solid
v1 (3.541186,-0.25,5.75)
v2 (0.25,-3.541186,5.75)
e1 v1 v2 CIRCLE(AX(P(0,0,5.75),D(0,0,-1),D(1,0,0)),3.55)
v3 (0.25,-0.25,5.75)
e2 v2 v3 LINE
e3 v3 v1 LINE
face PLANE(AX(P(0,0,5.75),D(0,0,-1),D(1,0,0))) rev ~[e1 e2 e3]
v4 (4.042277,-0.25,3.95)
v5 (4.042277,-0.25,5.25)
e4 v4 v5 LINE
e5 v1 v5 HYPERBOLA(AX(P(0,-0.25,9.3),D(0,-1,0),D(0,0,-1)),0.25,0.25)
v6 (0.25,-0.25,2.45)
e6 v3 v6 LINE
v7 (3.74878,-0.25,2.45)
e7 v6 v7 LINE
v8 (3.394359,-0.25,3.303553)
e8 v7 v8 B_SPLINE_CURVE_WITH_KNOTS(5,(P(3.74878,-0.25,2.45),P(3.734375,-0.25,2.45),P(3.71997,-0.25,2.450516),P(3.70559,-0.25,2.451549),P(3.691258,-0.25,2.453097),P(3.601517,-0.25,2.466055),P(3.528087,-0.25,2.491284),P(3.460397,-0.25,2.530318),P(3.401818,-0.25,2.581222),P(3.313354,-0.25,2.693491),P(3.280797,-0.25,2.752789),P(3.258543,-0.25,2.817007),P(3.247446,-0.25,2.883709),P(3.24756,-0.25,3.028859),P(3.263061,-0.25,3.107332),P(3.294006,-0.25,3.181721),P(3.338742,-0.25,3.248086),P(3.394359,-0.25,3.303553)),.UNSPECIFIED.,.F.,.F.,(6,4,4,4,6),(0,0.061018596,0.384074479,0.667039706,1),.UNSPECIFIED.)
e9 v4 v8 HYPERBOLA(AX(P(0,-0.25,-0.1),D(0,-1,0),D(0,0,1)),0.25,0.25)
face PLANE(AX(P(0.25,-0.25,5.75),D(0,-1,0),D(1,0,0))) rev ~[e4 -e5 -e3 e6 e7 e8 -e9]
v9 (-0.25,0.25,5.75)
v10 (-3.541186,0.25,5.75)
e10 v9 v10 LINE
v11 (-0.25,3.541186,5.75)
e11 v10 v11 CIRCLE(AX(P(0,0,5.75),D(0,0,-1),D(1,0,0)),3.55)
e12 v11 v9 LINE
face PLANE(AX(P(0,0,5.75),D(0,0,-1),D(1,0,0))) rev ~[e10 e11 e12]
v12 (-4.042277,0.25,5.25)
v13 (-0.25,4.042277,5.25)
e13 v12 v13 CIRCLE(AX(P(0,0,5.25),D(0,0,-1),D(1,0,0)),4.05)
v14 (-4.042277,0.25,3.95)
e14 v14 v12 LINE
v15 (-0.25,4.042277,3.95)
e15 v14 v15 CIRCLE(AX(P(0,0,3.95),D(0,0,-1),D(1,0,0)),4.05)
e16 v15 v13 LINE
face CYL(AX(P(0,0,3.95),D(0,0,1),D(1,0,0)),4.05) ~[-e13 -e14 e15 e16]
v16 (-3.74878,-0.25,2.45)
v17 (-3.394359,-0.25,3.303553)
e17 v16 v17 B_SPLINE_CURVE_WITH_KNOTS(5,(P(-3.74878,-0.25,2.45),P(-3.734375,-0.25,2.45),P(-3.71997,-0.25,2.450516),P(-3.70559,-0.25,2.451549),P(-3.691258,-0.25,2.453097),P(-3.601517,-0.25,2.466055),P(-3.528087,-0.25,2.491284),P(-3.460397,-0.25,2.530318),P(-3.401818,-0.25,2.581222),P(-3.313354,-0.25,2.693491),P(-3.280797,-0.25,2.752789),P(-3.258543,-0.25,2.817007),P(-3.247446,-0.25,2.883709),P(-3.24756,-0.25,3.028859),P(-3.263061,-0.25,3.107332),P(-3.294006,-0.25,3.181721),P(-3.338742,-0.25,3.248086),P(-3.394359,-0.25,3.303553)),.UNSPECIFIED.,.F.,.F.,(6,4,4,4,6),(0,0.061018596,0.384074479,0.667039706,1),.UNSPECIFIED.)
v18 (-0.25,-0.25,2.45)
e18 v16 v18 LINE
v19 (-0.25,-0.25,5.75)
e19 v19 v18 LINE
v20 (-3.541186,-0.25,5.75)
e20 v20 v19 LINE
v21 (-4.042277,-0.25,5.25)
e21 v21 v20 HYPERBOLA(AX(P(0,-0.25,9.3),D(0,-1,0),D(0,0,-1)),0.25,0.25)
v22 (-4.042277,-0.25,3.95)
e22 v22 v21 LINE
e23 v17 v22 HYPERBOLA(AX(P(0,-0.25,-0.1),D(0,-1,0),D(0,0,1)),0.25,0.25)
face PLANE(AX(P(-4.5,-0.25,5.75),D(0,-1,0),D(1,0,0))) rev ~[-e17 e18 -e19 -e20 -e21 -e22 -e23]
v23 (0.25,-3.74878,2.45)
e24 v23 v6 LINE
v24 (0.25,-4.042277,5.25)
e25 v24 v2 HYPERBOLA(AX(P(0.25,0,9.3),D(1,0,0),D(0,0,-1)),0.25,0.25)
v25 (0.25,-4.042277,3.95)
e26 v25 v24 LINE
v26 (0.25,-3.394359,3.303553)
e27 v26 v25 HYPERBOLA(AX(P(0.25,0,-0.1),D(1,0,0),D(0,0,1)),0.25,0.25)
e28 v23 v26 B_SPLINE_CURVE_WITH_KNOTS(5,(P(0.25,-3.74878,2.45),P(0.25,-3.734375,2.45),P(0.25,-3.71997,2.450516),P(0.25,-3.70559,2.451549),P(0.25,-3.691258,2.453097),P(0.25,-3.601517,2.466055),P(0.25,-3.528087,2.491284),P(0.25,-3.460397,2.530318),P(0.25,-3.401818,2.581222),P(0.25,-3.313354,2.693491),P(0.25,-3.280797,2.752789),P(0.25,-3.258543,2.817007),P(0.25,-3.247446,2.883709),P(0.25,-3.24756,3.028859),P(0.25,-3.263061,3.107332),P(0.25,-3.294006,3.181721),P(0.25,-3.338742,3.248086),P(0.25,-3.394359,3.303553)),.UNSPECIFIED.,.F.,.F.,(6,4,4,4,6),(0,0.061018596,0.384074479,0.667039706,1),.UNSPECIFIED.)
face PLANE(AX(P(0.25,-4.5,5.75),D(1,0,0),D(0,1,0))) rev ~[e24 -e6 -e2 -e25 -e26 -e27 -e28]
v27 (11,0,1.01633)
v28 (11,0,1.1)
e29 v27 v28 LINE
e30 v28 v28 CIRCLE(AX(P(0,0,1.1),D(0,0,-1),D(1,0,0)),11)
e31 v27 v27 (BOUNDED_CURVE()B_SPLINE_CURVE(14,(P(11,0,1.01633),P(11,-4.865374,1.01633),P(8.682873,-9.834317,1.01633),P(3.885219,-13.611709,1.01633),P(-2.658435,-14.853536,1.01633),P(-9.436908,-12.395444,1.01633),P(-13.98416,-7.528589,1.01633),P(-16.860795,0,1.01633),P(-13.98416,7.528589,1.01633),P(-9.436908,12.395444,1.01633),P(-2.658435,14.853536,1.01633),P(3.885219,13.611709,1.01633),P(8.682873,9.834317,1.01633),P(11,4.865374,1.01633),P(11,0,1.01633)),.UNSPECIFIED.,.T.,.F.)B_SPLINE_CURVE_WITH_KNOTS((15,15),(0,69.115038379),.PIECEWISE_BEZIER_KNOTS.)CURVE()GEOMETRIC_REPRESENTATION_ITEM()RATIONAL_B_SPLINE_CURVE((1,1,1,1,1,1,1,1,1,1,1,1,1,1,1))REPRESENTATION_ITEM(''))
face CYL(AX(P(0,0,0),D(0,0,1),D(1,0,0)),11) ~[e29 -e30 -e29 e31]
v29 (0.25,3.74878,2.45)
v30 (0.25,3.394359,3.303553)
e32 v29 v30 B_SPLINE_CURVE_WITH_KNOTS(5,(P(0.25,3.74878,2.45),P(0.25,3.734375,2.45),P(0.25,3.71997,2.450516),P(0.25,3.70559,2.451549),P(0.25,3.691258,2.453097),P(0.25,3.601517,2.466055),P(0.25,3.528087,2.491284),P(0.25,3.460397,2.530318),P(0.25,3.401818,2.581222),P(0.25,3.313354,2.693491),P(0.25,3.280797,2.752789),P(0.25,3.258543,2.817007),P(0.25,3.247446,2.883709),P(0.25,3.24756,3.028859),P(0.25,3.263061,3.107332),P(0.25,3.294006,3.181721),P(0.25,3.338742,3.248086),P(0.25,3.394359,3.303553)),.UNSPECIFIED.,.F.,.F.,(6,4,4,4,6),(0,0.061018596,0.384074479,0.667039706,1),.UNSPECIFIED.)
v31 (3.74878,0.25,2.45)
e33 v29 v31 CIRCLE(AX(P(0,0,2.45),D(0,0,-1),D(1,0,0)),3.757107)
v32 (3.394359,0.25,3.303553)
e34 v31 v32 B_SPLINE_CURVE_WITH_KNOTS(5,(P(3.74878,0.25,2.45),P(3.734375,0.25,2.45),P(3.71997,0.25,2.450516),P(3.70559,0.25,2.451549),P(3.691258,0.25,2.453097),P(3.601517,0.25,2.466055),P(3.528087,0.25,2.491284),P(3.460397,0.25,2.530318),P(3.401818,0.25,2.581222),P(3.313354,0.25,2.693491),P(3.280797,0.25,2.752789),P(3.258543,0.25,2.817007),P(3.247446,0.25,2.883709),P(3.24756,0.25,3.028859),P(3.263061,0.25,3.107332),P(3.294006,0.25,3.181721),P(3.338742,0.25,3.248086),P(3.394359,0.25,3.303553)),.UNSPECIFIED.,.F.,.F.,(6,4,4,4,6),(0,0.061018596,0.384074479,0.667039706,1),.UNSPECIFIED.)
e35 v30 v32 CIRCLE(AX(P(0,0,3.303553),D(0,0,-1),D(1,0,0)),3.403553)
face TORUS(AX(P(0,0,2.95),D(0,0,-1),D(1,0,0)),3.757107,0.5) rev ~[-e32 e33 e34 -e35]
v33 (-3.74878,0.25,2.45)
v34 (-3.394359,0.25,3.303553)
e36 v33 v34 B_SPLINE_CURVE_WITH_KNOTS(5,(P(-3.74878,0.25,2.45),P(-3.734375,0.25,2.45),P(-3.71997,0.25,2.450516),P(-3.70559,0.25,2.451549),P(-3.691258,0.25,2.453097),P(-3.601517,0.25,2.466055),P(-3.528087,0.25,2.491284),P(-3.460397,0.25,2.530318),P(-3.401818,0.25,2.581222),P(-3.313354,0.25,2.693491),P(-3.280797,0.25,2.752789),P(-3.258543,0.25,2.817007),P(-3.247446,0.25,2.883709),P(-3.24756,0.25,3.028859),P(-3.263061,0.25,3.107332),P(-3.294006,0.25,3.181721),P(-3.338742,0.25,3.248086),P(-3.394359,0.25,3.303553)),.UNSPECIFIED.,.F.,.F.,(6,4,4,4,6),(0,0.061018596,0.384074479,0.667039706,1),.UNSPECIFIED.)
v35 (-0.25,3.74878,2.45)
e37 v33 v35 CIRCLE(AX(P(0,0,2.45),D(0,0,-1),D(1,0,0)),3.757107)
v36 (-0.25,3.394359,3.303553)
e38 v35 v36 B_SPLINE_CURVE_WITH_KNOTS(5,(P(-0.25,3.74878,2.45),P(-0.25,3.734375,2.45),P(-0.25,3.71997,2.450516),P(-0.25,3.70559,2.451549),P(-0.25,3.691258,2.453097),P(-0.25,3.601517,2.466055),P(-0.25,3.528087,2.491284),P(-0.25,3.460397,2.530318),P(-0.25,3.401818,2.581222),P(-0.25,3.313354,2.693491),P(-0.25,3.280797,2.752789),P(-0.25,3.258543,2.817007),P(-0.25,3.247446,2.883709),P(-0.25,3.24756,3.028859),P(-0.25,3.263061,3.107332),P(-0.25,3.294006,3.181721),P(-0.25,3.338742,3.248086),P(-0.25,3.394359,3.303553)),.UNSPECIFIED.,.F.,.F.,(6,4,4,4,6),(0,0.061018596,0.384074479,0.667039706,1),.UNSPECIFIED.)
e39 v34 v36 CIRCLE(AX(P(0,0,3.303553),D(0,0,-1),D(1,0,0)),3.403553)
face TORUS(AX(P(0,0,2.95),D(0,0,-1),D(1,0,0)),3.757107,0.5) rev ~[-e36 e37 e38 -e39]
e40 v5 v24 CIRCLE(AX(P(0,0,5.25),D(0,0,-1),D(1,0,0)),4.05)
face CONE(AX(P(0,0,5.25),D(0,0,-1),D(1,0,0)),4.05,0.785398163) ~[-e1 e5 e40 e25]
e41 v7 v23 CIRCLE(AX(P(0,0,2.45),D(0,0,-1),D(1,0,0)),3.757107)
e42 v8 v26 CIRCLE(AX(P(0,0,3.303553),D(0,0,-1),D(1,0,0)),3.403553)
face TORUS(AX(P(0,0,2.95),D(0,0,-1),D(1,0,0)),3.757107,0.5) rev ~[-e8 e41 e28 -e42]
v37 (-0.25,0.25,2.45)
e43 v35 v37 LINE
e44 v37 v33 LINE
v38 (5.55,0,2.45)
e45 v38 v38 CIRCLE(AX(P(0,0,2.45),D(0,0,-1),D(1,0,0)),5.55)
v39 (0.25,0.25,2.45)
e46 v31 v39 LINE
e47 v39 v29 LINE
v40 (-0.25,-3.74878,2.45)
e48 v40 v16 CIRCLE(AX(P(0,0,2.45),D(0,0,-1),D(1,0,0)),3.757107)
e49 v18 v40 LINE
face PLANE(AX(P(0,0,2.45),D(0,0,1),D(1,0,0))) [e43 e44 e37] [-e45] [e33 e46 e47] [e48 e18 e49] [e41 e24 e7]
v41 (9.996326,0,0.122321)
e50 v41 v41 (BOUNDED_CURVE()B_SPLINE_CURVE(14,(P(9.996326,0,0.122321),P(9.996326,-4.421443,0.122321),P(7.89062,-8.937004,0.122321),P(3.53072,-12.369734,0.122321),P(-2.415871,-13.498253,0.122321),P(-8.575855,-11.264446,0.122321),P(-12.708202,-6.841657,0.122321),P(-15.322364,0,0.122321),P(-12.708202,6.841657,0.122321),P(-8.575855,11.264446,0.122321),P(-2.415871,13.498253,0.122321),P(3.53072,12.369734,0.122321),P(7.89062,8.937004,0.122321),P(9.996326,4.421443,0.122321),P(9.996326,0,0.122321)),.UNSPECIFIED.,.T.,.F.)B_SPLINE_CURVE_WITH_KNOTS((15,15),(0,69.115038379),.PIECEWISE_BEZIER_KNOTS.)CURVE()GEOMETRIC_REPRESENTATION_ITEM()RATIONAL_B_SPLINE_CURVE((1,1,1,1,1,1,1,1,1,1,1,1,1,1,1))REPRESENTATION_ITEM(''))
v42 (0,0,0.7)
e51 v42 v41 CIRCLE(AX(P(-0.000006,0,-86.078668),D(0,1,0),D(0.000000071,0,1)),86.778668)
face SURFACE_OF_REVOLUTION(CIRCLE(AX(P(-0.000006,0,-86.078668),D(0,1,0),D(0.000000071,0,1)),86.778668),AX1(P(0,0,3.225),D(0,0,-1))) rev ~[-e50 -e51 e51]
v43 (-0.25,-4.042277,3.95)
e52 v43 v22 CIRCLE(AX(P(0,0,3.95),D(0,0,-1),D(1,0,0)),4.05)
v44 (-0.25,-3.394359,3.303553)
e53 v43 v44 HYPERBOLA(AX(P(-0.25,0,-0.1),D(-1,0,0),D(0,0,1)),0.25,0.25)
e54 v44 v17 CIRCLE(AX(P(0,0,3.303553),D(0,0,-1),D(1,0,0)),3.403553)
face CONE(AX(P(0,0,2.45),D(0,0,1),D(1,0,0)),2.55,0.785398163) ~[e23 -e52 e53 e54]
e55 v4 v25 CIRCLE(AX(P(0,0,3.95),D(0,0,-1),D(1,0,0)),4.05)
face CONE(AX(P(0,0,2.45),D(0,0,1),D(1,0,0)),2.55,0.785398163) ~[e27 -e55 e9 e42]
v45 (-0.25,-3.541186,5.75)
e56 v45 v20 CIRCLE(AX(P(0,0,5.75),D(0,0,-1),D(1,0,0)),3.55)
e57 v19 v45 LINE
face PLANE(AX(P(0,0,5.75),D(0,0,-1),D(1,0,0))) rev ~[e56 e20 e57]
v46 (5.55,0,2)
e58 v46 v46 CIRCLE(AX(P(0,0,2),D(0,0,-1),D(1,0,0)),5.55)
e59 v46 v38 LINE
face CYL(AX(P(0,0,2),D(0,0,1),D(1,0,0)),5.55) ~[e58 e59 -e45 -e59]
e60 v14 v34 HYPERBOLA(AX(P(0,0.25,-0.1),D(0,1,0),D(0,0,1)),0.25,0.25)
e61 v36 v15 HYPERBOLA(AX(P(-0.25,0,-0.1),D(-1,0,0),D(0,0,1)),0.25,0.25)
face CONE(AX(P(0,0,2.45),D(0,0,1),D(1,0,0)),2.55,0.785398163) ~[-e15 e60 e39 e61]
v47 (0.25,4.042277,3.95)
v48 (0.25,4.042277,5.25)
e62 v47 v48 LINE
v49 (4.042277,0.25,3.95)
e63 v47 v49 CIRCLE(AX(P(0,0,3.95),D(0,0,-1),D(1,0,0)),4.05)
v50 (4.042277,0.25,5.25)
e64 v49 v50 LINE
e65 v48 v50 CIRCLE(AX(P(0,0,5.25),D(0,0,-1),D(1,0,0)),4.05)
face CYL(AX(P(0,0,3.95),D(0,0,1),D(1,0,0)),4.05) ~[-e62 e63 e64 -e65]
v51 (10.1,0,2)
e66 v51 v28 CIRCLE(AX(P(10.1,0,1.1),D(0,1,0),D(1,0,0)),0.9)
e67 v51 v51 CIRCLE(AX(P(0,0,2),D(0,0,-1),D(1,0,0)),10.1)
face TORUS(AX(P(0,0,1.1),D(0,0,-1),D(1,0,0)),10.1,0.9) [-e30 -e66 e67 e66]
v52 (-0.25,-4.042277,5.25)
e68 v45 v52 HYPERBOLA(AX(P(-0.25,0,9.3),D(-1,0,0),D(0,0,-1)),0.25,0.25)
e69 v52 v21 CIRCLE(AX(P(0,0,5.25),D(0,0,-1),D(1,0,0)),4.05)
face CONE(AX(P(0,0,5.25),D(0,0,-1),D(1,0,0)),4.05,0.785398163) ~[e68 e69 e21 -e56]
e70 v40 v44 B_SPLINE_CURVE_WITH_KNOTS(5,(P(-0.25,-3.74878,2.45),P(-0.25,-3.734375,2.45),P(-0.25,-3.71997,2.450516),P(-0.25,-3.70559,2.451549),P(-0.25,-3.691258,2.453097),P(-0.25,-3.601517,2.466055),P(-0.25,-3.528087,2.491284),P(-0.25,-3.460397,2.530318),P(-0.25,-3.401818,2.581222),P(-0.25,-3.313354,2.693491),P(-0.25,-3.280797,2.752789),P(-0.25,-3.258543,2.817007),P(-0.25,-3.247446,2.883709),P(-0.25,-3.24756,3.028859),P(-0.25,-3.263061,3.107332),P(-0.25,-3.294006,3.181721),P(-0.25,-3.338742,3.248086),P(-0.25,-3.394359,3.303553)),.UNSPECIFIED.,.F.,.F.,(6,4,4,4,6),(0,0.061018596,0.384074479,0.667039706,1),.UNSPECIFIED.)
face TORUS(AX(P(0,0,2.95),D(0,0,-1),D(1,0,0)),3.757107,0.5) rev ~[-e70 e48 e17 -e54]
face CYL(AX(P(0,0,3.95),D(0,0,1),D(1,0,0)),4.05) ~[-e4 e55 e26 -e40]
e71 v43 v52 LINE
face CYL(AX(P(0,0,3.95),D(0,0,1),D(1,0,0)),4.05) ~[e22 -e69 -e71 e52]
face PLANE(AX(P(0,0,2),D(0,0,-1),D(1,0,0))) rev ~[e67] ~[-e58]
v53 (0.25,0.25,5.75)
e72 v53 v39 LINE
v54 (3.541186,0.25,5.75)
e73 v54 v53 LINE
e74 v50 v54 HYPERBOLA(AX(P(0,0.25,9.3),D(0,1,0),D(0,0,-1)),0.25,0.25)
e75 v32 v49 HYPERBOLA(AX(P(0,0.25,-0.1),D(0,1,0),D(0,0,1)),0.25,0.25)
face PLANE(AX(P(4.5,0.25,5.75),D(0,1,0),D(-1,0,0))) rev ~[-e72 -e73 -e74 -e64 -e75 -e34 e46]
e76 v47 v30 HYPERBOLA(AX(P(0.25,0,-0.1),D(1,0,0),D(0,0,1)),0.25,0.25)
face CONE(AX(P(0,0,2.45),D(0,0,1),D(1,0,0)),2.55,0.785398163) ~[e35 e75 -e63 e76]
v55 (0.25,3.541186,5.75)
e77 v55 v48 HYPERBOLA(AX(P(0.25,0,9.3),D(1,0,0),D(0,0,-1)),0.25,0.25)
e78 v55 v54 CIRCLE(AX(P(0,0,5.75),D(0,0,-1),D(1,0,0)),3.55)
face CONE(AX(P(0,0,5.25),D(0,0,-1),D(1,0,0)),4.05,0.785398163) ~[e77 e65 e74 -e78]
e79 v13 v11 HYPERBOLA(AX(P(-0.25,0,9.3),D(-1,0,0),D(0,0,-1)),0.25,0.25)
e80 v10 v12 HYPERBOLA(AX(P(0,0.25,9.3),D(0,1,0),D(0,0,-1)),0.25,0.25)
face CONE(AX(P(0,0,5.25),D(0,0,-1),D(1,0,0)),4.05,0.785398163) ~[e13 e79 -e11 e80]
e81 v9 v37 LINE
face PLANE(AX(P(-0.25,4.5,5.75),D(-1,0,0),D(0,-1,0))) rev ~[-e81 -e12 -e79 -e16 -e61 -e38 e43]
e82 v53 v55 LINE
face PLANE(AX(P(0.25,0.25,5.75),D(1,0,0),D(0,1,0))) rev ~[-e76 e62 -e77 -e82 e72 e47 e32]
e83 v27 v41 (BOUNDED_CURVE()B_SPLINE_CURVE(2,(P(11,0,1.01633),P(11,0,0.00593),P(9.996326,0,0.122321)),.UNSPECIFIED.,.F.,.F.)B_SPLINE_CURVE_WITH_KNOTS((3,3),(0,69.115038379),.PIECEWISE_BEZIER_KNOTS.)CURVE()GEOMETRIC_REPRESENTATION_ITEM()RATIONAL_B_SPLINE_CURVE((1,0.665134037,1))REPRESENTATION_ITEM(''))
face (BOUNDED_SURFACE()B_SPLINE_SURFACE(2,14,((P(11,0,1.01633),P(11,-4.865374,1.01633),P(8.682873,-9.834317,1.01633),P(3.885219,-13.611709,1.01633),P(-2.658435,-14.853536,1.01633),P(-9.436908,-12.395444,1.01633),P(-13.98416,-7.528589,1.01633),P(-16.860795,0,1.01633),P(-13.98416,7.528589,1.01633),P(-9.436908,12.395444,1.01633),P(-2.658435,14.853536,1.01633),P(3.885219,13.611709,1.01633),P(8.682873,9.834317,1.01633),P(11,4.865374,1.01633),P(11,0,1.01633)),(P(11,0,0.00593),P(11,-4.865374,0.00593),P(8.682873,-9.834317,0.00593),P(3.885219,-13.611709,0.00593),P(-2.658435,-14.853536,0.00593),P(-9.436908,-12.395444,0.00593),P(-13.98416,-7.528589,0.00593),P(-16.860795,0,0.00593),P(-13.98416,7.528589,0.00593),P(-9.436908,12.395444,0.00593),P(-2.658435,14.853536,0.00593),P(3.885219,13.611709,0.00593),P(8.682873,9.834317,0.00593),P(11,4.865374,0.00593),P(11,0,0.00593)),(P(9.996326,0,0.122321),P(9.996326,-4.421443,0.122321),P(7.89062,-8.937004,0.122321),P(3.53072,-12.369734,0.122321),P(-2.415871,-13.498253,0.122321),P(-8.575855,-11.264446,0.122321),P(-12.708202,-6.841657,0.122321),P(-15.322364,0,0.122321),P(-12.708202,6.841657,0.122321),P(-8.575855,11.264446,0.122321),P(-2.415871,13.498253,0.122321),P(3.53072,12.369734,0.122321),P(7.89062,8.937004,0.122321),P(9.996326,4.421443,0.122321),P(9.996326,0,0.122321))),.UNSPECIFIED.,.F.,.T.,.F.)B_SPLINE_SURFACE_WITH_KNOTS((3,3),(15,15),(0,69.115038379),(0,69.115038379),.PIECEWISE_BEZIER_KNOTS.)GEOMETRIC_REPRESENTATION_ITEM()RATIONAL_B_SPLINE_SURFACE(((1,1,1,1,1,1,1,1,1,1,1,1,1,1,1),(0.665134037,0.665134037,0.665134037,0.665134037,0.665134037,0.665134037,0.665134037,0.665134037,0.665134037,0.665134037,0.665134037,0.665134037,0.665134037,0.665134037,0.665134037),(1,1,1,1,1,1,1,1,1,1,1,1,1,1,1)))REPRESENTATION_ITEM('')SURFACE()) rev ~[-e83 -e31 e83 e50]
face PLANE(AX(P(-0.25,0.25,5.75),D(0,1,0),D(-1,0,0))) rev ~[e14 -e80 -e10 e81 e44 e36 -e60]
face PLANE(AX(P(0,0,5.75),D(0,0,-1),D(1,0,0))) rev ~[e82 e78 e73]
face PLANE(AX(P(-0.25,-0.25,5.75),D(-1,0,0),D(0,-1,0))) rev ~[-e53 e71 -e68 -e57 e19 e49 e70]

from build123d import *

# Parameters (mm, degrees)
F2_R     = 0.5
F3_R     = 0.9
F4_SIZE  = 0.5
F6_DEPTH = 3.3


with BuildPart() as f1:
    # F0 (on Front) → F1 (revolve)
    with BuildSketch(Plane.XZ):
        with BuildLine():
            ThreePointArc((0, 0.7), (5.511125, 0.524823), (11, 0))
            Line((11, 0), (11, 2))
            Line((11, 2), (5.55, 2))
            Line((5.55, 2), (5.55, 2.45))
            Line((5.55, 2.45), (2.55, 2.45))
            Line((2.55, 2.45), (4.05, 3.95))
            Line((4.05, 3.95), (4.05, 5.75))
            Line((4.05, 5.75), (0, 5.75))
            Line((0, 5.75), (0, 0.7))
        make_face()
    revolve(axis=Axis((0, 0, 3.225), (0, 0, -1)))

    # F2
    f2_edges = [f1.edges().sort_by_distance(p)[0] for p in [
        (-2.55, 0, 2.45),
    ]]
    fillet(f2_edges, radius=F2_R)

    # F3
    f3_edges = [f1.edges().sort_by_distance(p)[0] for p in [
        (-11, 0, 0),
        (-11, 0, 2),
    ]]
    fillet(f3_edges, radius=F3_R)

    # F4
    f4_edges = [f1.edges().sort_by_distance(p)[0] for p in [
        (-4.05, 0, 5.75),
    ]]
    chamfer(f4_edges, length=F4_SIZE)

    # F5 (on face) → F6 (cut, through all)
    with BuildSketch(Plane.XY.offset(5.75)):
        Polygon((0.25, 4.5), (-0.25, 4.5), (-0.25, 0.25), (-4.5, 0.25), (-4.5, -0.25), (-0.25, -0.25), (-0.25, -4.5), (0.25, -4.5), (0.25, -0.25), (4.5, -0.25), (4.5, 0.25), (0.25, 0.25), align=None)
    extrude(amount=-F6_DEPTH, mode=Mode.SUBTRACT)


solid = f1.part
